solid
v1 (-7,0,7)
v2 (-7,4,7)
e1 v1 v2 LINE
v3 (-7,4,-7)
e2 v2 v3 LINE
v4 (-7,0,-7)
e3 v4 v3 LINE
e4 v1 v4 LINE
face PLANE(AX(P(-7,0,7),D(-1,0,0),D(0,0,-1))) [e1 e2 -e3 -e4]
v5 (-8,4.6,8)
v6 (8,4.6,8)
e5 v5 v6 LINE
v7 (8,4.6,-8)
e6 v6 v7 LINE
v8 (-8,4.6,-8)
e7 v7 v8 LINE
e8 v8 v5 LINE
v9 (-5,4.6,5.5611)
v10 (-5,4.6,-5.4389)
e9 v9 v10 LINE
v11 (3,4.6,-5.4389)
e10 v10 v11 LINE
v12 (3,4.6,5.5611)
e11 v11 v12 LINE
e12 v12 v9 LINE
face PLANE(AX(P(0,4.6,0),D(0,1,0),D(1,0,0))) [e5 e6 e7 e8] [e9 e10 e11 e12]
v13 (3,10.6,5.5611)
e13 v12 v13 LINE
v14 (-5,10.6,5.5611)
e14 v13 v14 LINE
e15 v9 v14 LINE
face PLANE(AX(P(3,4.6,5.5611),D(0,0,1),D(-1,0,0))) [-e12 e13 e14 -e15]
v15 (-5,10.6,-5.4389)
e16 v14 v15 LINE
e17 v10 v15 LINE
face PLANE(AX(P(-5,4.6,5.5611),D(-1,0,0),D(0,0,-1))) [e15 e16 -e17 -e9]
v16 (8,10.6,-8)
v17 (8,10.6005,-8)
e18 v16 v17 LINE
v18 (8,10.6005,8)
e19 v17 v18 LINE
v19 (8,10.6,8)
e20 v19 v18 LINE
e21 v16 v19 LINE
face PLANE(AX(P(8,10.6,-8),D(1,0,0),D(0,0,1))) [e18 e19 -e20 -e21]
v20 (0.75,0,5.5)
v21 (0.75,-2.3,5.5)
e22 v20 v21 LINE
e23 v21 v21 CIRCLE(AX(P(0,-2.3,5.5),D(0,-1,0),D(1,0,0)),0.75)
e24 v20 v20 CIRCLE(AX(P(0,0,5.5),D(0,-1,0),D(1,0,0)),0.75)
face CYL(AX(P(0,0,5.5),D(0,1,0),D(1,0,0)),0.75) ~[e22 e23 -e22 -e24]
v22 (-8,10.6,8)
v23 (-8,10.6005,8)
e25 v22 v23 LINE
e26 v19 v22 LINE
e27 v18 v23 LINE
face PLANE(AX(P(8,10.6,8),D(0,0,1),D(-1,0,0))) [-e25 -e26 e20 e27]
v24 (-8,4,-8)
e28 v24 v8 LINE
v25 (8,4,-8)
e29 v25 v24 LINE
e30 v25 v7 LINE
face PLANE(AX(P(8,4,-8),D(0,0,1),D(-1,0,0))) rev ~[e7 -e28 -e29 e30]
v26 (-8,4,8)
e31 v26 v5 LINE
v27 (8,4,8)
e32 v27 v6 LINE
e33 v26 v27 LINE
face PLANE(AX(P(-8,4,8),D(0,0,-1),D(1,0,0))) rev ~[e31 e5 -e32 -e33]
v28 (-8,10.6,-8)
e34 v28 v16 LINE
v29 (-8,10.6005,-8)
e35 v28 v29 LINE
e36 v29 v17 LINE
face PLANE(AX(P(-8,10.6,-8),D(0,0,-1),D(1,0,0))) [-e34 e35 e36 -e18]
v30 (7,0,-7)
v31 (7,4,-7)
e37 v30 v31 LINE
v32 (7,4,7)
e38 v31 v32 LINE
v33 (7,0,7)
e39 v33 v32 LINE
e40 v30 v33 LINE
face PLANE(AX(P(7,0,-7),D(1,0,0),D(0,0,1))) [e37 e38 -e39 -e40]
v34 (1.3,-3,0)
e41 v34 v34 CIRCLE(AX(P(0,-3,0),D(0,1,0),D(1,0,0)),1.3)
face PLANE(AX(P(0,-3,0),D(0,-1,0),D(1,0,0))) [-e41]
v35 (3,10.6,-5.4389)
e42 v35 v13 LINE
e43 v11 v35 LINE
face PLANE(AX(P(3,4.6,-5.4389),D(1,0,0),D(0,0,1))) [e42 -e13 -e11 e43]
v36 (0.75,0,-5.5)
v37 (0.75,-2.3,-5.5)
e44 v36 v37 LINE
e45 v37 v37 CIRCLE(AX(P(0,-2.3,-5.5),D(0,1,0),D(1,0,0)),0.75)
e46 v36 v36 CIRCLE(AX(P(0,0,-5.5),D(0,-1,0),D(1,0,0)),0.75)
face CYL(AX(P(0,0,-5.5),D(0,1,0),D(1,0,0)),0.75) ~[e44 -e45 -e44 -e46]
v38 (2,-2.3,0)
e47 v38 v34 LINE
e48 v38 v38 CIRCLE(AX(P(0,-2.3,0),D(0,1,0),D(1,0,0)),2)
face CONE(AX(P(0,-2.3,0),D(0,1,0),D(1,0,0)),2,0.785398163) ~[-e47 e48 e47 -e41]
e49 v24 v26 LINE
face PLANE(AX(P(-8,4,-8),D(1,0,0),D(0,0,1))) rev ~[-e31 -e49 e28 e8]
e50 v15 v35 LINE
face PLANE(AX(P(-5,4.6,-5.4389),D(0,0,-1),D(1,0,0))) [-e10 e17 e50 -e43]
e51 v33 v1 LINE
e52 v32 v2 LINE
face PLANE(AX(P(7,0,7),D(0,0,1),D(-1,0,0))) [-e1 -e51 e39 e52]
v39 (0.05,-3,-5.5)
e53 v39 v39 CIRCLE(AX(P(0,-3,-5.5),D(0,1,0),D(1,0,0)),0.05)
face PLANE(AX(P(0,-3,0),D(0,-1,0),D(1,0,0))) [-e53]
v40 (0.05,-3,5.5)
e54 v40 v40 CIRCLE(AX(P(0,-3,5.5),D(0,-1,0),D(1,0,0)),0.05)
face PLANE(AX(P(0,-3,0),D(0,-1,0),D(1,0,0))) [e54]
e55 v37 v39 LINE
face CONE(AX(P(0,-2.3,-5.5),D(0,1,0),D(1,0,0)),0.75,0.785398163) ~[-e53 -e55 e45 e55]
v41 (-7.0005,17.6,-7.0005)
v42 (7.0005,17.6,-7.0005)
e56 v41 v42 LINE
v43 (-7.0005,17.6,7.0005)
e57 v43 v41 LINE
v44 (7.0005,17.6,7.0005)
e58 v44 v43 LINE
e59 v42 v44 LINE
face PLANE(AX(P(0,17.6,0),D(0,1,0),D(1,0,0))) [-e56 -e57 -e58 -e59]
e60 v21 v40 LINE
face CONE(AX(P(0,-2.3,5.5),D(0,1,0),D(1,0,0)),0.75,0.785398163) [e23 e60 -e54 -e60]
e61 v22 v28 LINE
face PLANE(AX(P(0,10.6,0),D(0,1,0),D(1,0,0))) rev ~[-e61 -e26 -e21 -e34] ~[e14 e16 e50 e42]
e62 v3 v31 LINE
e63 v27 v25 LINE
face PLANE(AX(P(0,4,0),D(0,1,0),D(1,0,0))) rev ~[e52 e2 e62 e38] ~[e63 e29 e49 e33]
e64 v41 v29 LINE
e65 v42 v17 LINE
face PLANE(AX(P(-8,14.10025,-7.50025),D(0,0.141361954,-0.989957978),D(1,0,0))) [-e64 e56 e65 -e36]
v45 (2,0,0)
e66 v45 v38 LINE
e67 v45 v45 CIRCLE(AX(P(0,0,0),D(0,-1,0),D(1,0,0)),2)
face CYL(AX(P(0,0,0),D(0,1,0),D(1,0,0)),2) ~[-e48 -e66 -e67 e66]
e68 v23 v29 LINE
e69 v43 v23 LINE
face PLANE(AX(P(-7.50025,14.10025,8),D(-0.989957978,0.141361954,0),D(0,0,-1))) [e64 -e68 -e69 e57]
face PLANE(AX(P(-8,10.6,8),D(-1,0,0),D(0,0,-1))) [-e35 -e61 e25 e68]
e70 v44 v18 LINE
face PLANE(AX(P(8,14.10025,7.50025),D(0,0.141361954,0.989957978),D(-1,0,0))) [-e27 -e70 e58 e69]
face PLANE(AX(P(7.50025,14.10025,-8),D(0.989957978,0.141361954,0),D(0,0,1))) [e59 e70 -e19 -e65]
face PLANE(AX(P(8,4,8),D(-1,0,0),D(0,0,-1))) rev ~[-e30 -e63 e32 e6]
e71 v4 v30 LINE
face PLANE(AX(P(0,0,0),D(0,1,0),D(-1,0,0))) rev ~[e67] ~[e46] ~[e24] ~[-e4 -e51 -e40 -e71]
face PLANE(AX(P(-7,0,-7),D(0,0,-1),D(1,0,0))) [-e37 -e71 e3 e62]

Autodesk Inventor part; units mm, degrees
ref_plane "YZ Plane" through (0, 0, 0) normal (1, 0, 0) x (0, 1, 0)
ref_plane "XZ Plane" through (0, 0, 0) normal (0, 1, 0) x (-1, 0, 0)
ref_plane "XY Plane" through (0, 0, 0) normal (0, 0, 1) x (1, 0, 0)
sketch "Sketch1" plane through (0, 0, 0) normal (0, 1, 0) x (-1, 0, 0)
  line L0 (-7, 7) -> (7, 7)
  line L1 (7, 7) -> (7, -7)
  line L2 (7, -7) -> (-7, -7)
  line L3 (-7, -7) -> (-7, 7)
  line L4 (-7, 7) -> (7, -7) construction
  line L5 (7, 7) -> (-7, -7) construction
  point P0 (0, 0)
  dimension "d0" = 14
  dimension "d1" = 14
extrude "Extrusion1" add sketch "Sketch1" along normal blind 4
sketch "Sketch2" plane through (0, 4, 0) normal (0, 1, 0) x (1, 0, 0)
  line L0 (8, 8) -> (-8, 8)
  line L1 (-8, 8) -> (-8, -8)
  line L2 (-8, -8) -> (8, -8)
  line L3 (8, -8) -> (8, 8)
  line L4 (8, 8) -> (-8, -8) construction
  line L5 (-8, 8) -> (8, -8) construction
  point P0 (0, 0)
  dimension "d4" = 16
  dimension "d5" = 16
extrude "Extrusion2" add sketch "Sketch2" along normal blind 0.6
sketch "Sketch3" plane through (0, 4.6, 0) normal (0, 1, 0) x (1, 0, 0)
  line L0 (3, -5.5611) -> (-5, -5.5611)
  line L1 (-5, -5.5611) -> (-5, 5.4389)
  line L2 (-5, 5.4389) -> (3, 5.4389)
  line L3 (3, 5.4389) -> (3, -5.5611)
  line L4 (3, -5.5611) -> (-5, 5.4389) construction
  line L5 (-5, -5.5611) -> (3, 5.4389) construction
  point P0 (0, 0)
  point P1 (-1, -0.0611)
  dimension "d8" = 8
  dimension "d9" = 11
extrude "Extrusion3" add sketch "Sketch3" along normal blind 6
sketch "Sketch4" plane through (0, 10.6, 0) normal (0, 1, 0) x (1, 0, 0)
  line L0 (8, -8) -> (-8, -8)
  line L1 (-8, -8) -> (-8, 8)
  line L2 (-8, 8) -> (8, 8)
  line L3 (8, 8) -> (8, -8)
  line L4 (8, -8) -> (-8, 8) construction
  line L5 (-8, -8) -> (8, 8) construction
  point P0 (0, 0)
  dimension "d12" = 16
  dimension "d13" = 16
extrude "Extrusion4" add sketch "Sketch4" along normal blind 7
chamfer "Chamfer1" distance 1 distance2 7 4 edges at (8, 17.6, 0) (0, 17.6, 8) (0, 17.6, -8) (-8, 17.6, 0) measured on face at (-2.6667, 17.6, 2.6667)
sketch "Sketch5" plane through (0, 0, 0) normal (0, -1, 0) x (1, 0, 0)
  circle A0 centre (0, 0) radius 2
  line L0 (-5, -5.4389) -> (3, -5.4389) construction
  line L1 (0, 0) -> (0, -11)
  line L2 (0, 0) -> (4.5527, 0)
  circle A1 centre (0, -5.5) radius 0.75
  circle A2 centre (0, 5.5) radius 0.75
  dimension "d19" = 4
  dimension "d22" = 1.5
  dimension "d23" = 5.5
extrude "Extrusion5" add sketch "Sketch5" along normal blind 3
chamfer "Chamfer2" distance 0.7 angle 45 3 edges at (-2, -3, 0) (-0.75, -3, 5.5) (-0.75, -3, -5.5)
properties part number "switch"
